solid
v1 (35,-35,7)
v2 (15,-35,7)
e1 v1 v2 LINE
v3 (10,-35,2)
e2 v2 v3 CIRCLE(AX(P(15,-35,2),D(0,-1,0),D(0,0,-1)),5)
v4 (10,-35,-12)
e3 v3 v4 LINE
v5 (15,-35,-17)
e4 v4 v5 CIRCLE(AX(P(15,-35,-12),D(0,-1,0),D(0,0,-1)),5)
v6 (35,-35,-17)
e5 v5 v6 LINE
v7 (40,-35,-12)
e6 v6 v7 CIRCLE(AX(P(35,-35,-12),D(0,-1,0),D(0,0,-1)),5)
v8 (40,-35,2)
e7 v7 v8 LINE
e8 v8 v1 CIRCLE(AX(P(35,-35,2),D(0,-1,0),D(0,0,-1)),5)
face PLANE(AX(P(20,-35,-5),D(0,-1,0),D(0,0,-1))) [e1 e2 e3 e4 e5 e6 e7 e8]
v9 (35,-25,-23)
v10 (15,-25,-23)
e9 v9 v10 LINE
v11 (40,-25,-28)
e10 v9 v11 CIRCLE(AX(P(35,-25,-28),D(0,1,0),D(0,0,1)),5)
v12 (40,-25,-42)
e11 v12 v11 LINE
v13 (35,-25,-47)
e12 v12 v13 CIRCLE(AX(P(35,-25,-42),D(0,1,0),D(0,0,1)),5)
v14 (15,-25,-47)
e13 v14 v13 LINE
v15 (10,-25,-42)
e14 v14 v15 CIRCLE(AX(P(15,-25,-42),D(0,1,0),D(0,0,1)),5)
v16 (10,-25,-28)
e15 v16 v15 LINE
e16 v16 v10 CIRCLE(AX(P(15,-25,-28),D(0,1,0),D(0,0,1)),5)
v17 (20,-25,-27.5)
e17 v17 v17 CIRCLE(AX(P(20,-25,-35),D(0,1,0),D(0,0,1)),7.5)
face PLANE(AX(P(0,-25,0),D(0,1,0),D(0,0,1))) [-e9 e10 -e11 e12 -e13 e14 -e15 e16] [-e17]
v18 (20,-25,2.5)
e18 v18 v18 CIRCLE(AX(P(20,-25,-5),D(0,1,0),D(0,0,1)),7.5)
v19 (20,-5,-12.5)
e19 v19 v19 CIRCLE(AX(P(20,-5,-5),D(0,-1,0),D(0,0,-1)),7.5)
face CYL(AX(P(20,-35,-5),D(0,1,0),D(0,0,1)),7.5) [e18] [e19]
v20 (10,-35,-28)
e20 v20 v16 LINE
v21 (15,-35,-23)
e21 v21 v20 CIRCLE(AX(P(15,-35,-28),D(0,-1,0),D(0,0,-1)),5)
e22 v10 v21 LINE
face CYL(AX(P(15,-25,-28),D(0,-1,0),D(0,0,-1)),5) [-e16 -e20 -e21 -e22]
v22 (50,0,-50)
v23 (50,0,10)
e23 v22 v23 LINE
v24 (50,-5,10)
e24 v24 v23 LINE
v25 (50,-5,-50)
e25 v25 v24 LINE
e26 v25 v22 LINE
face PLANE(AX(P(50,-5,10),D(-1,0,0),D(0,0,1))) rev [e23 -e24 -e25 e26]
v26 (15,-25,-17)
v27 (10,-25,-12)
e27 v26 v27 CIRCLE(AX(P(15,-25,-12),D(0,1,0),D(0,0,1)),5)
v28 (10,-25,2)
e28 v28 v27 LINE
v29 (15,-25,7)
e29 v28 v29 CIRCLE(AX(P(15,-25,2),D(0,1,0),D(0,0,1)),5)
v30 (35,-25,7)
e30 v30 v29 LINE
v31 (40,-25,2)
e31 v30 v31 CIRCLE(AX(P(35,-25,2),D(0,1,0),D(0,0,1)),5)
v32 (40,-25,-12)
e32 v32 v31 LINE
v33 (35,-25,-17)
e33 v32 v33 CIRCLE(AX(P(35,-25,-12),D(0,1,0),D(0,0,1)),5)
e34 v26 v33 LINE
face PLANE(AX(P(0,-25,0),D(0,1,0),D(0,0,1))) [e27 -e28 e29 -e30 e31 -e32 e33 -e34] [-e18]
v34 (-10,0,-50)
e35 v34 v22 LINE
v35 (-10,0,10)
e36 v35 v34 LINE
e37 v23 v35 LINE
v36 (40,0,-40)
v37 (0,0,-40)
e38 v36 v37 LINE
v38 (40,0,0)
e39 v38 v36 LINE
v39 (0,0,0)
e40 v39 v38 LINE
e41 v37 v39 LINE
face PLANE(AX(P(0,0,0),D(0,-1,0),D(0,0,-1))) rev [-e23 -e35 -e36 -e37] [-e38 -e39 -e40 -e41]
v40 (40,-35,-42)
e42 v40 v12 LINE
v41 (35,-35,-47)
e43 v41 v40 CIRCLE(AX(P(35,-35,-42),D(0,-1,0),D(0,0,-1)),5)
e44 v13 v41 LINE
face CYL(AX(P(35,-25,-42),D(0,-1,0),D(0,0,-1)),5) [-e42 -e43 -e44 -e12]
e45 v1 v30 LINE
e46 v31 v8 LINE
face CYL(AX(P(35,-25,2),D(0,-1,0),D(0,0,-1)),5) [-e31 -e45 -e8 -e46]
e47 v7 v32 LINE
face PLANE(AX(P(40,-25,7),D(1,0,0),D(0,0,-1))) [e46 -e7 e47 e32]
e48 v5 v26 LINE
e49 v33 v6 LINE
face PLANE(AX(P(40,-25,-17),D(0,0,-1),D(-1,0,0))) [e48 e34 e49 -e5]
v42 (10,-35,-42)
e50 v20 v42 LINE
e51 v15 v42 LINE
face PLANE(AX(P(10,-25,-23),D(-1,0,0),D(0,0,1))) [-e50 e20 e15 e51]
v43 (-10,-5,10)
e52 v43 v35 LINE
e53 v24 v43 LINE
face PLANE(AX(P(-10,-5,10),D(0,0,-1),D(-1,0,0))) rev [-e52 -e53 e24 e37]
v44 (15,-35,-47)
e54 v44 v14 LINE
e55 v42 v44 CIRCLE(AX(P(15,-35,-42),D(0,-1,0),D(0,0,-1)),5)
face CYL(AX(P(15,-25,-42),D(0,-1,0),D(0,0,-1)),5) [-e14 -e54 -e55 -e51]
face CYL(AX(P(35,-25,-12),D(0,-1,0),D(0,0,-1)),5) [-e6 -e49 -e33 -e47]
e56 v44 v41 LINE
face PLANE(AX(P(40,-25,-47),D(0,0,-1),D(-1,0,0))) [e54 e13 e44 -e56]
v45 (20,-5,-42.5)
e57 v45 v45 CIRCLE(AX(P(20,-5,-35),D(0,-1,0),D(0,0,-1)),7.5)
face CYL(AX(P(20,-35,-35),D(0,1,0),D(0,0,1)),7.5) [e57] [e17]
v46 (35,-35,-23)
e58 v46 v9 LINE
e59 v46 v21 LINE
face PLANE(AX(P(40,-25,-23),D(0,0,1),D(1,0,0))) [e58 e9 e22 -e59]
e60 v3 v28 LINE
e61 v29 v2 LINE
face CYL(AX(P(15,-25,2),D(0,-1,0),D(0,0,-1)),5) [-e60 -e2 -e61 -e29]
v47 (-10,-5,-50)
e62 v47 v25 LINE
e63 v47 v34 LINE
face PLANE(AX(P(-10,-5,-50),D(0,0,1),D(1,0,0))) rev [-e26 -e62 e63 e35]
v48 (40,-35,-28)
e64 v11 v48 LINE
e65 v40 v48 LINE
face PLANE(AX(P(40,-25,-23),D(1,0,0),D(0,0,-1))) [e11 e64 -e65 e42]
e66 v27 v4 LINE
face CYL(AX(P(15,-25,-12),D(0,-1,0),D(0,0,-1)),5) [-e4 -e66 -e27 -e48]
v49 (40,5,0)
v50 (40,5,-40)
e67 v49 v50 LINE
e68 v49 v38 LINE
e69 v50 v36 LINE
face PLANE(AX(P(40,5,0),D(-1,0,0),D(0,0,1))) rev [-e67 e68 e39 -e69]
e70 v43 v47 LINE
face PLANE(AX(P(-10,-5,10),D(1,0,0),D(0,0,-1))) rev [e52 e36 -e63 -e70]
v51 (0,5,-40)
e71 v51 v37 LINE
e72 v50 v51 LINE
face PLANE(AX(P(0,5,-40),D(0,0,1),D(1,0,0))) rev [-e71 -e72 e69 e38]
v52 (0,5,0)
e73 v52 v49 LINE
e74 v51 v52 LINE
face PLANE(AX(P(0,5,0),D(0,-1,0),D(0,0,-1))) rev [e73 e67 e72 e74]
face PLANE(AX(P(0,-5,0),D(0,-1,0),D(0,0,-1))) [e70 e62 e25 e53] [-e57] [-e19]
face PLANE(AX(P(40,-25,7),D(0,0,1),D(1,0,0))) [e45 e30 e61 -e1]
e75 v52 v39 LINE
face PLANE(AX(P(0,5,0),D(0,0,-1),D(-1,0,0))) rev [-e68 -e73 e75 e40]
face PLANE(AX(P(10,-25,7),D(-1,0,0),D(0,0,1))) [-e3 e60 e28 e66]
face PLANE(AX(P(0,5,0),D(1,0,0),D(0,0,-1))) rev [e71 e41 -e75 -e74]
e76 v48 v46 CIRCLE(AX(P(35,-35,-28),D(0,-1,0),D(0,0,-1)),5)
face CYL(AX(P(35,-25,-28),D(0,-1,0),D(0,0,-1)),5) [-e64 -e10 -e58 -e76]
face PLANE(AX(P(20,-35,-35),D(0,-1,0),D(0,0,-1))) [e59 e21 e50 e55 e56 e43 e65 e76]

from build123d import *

# Parameters (mm, degrees)
SKETCH1_W           = 40
SKETCH1_H           = 40
BOSS_EXTRUDE1_DEPTH = 5
SKETCH2_W           = 60
SKETCH2_H           = 60
BOSS_EXTRUDE2_DEPTH = 5
SKETCH3_R           = 7.5
BOSS_EXTRUDE3_DEPTH = 30
SKETCH4_W           = 30
SKETCH4_H           = 24
BOSS_EXTRUDE5_DEPTH = 10
FILLET1_R           = 5


with BuildPart() as part:
    # Sketch1 → Boss-Extrude1 (new body)
    with BuildSketch(Plane(origin=(0, 0, 0), x_dir=(1, 0, 0), z_dir=(0, 1, 0))):
        with Locations((20, 20)):
            Rectangle(SKETCH1_W, SKETCH1_H)
    extrude(amount=BOSS_EXTRUDE1_DEPTH)

    # Sketch2 → Boss-Extrude2 (add)
    with BuildSketch(Plane(origin=(0, 0, 0), x_dir=(-1, 0, 0), z_dir=(0, -1, 0))):
        with Locations((-20, 20)):
            Rectangle(SKETCH2_W, SKETCH2_H)
    extrude(amount=BOSS_EXTRUDE2_DEPTH)

    # Sketch3 → Boss-Extrude3 (add)
    with BuildSketch(Plane(origin=(0, -5, 0), x_dir=(-1, 0, 0), z_dir=(0, -1, 0))):
        with Locations(Location((-20, 5, 0), (0, 0, 90))):
            Circle(SKETCH3_R)
        with Locations(Location((-20, 35, 0), (0, 0, 90))):
            Circle(SKETCH3_R)
    extrude(amount=BOSS_EXTRUDE3_DEPTH)

    # Sketch4 → Boss-Extrude5 (add)
    with BuildSketch(Plane(origin=(0, -35, 0), x_dir=(-1, 0, 0), z_dir=(0, -1, 0))):
        with Locations((-25, 5)):
            Rectangle(SKETCH4_W, SKETCH4_H)
        with Locations((-25, 35)):
            Rectangle(SKETCH4_W, SKETCH4_H)
    extrude(amount=-BOSS_EXTRUDE5_DEPTH)

    # Fillet1
    fillet1_edges = [part.edges().sort_by_distance(p)[0] for p in [
        (40, -30, 7),
        (40, -30, -17),
        (10, -30, -17),
        (10, -30, 7),
        (40, -30, -23),
        (40, -30, -47),
        (10, -30, -47),
        (10, -30, -23),
    ]]
    fillet(fillet1_edges, radius=FILLET1_R)


solid = part.part
